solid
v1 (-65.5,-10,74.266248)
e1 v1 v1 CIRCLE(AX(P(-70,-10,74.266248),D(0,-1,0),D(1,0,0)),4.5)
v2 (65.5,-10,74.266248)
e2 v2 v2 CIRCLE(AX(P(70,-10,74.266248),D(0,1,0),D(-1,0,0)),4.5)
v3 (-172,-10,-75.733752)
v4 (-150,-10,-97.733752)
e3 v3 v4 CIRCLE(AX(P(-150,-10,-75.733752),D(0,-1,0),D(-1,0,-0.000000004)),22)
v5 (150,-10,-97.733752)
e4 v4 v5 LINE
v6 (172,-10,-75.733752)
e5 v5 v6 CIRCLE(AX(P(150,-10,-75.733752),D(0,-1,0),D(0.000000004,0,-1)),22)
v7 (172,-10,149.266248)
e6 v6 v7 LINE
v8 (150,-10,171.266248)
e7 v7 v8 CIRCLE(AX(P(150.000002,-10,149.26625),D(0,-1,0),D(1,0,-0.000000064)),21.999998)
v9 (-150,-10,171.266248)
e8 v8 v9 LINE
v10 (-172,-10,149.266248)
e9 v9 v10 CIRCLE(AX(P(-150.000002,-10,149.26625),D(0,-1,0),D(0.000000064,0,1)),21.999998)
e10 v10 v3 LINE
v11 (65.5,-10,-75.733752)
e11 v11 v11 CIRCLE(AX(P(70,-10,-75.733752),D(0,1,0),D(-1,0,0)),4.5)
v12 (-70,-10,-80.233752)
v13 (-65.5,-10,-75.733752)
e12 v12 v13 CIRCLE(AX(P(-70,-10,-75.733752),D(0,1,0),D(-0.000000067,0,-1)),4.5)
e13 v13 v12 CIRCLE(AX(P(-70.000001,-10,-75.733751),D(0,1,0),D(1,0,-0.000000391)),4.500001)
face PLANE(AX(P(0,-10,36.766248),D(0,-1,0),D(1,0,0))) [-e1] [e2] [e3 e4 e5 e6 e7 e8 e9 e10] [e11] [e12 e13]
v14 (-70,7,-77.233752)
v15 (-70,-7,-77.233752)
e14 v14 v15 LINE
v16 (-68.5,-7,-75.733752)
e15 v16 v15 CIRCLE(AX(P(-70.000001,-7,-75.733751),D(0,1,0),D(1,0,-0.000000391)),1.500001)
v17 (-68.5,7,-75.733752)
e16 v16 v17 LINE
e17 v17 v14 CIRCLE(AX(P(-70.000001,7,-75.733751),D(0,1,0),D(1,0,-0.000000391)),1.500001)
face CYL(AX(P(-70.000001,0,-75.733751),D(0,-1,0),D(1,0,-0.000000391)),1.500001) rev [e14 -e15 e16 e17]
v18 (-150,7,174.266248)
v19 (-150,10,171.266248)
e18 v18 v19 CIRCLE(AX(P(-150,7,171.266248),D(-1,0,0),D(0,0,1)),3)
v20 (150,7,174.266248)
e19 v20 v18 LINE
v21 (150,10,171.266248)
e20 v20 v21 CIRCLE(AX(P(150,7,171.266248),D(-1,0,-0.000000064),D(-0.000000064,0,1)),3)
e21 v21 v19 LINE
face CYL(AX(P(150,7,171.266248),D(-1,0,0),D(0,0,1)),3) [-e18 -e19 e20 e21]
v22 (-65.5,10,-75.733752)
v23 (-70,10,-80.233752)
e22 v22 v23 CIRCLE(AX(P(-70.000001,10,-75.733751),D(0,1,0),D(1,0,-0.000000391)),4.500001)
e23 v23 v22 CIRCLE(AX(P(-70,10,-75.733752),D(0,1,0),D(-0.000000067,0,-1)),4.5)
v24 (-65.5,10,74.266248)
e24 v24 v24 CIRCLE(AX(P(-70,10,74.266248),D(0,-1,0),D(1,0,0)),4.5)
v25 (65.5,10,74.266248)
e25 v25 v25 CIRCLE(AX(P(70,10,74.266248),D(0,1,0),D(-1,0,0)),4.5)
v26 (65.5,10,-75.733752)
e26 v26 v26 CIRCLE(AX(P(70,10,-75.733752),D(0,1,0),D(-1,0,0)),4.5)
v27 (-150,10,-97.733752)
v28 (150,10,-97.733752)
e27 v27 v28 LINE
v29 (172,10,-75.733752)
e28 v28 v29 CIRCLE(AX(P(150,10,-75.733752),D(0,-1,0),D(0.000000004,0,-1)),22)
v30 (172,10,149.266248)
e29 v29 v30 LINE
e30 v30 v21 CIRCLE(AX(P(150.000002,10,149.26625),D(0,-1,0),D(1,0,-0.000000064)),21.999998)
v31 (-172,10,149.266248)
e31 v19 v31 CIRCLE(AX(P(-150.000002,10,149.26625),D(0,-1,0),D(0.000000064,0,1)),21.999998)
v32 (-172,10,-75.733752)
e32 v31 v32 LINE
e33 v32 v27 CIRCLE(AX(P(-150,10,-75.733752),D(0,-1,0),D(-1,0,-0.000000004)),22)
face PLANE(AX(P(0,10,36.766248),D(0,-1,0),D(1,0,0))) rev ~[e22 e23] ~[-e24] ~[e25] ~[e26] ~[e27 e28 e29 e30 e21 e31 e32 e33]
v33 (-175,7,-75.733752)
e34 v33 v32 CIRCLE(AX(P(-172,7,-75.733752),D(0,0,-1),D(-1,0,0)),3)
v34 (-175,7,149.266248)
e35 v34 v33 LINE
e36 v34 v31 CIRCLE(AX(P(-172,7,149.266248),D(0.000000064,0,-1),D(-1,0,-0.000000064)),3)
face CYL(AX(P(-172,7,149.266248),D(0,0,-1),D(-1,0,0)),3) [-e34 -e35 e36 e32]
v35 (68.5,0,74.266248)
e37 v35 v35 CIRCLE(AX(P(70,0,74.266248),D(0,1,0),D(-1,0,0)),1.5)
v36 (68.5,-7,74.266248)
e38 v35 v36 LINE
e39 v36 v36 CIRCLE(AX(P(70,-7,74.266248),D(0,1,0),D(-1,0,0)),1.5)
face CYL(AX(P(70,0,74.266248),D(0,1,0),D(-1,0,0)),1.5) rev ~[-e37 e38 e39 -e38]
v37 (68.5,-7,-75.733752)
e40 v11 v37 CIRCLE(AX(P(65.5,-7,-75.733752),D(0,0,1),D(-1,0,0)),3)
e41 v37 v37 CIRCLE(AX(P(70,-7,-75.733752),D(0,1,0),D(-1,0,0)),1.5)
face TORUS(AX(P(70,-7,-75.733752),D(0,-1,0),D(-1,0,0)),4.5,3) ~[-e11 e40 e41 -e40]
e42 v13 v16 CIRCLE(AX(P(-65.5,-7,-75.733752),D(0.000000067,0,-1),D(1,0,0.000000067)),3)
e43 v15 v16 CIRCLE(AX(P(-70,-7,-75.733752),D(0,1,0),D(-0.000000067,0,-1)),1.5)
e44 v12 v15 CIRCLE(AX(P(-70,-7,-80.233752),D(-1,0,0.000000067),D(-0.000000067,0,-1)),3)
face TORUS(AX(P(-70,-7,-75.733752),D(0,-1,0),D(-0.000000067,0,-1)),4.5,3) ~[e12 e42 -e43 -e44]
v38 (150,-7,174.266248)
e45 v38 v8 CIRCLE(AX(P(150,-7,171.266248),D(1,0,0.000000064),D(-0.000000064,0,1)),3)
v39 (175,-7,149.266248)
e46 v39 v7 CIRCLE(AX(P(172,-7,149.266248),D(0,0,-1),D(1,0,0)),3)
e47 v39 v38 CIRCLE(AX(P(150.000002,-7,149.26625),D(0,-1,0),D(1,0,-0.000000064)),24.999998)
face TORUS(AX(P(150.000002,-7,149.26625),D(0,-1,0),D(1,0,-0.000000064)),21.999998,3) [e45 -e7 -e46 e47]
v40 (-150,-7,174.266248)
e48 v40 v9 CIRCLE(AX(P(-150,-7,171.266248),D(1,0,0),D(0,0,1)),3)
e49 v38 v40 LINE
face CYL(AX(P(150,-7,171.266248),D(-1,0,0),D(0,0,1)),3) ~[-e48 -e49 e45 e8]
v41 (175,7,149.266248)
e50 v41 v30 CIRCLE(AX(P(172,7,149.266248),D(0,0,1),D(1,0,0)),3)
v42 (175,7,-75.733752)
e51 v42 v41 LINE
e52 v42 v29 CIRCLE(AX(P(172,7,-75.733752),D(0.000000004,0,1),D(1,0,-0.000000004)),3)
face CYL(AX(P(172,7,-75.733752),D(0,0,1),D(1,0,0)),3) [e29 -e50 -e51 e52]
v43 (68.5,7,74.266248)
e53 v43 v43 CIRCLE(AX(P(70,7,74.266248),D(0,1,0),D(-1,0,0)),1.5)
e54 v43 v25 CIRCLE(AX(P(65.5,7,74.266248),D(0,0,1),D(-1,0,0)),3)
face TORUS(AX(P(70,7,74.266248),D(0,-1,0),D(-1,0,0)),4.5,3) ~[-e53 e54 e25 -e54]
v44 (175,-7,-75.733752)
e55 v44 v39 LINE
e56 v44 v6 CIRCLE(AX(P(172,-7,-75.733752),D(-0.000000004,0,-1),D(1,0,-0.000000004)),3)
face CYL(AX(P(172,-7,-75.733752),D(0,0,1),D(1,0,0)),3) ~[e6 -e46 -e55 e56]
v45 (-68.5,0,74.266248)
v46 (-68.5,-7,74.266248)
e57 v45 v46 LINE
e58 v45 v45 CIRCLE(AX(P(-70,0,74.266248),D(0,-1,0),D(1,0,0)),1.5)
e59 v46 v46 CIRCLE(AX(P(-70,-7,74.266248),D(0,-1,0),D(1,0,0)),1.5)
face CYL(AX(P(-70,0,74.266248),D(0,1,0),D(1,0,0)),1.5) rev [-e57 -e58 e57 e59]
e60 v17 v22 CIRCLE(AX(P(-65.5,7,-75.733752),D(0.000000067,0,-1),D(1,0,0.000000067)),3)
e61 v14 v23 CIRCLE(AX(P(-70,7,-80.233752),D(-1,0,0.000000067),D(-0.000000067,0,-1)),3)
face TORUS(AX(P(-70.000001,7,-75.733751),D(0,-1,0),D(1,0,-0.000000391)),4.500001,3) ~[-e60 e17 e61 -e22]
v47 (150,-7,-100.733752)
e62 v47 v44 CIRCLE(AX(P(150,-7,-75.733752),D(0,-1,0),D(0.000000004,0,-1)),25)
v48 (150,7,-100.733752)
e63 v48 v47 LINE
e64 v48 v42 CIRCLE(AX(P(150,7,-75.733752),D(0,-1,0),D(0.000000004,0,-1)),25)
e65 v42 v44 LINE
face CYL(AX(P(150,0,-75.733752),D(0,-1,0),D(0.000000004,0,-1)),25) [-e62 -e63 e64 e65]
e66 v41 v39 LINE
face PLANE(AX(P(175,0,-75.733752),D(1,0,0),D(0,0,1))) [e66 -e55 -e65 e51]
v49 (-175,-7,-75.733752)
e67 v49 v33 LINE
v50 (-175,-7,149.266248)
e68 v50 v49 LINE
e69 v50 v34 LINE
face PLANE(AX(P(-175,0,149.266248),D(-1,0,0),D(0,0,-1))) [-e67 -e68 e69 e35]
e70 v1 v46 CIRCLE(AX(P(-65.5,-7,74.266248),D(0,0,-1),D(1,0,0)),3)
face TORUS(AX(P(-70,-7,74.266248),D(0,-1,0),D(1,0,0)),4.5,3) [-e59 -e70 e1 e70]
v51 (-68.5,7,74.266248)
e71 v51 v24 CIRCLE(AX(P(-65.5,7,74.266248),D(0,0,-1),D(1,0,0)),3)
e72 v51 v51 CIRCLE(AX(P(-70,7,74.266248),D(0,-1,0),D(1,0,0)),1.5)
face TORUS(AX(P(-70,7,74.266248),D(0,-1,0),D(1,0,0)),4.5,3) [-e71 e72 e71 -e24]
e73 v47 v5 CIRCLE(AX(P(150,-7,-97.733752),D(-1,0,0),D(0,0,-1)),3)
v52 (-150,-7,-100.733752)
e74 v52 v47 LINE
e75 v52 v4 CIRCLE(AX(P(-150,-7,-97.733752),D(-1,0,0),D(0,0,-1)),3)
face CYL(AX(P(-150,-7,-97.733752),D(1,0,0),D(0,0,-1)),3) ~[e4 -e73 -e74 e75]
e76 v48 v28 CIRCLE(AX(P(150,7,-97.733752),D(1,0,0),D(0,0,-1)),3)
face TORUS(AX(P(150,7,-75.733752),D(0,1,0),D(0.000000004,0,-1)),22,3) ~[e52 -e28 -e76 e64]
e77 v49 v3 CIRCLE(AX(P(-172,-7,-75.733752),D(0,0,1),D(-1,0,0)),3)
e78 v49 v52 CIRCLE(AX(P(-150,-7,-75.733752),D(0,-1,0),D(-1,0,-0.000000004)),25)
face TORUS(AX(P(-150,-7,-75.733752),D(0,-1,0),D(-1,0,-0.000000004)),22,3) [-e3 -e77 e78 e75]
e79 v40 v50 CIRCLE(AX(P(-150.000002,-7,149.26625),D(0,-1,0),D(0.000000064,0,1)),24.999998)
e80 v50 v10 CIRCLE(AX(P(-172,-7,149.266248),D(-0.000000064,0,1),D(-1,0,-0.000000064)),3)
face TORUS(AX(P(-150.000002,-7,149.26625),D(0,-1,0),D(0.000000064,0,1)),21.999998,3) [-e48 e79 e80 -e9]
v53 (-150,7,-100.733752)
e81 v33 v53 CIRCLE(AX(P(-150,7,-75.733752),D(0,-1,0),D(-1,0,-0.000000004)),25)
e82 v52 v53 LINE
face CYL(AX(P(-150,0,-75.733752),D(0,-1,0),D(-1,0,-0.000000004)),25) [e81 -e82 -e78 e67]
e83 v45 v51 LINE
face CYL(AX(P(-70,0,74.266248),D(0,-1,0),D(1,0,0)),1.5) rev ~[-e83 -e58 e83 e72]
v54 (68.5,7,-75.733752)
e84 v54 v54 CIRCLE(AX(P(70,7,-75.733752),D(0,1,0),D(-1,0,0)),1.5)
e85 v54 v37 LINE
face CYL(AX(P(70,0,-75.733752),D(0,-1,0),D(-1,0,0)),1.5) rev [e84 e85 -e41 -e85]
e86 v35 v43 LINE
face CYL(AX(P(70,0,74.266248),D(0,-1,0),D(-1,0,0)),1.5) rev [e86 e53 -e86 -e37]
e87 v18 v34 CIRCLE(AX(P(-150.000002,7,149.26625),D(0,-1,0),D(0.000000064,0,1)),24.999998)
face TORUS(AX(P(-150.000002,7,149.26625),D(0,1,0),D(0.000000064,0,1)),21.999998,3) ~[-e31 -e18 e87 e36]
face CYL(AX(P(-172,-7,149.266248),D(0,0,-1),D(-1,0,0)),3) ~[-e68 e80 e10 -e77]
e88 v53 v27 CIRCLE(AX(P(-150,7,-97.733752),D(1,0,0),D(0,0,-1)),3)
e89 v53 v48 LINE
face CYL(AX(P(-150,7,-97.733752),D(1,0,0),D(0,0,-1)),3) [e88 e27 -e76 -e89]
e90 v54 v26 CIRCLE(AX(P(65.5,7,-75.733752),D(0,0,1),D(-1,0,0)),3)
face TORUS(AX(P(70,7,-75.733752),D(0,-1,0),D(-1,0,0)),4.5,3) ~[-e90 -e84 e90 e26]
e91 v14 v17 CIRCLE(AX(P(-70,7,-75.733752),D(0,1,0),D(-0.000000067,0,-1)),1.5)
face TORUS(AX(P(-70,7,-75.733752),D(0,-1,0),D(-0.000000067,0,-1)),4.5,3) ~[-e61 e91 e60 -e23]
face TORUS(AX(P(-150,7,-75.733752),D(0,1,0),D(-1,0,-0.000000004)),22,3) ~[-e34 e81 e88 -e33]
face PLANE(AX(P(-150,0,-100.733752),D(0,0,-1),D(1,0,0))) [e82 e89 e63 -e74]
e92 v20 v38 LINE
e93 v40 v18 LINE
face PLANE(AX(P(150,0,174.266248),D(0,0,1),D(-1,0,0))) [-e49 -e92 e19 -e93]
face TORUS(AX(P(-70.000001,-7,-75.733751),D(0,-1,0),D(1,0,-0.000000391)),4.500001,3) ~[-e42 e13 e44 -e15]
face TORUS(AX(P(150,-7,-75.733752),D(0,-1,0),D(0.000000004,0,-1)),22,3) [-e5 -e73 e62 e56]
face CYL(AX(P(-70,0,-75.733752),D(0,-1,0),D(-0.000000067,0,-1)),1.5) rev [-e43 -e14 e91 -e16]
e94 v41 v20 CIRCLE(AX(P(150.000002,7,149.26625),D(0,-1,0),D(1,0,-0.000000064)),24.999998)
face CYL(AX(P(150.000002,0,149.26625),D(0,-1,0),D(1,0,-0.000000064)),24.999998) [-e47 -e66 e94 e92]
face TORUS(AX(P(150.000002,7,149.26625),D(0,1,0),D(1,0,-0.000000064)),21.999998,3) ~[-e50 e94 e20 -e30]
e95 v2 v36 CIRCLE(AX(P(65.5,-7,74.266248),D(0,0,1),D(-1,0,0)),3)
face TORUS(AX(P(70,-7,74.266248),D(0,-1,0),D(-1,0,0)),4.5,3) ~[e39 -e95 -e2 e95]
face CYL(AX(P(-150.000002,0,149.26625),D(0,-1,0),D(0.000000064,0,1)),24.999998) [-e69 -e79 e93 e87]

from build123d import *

# Parameters (mm, degrees)
F0_R     = 1.5
F1_DEPTH = 10
F2_R     = 3


with BuildPart() as f1:
    # F0 (on Front) → F1 (new body, symmetric)
    with BuildSketch(Plane.XZ):
        with BuildLine():
            Line((-150, -100.733752), (-70, -100.733752))
            Line((-70, -100.733752), (0, -100.733752))
            Line((0, -100.733752), (150, -100.733752))
            ThreePointArc((150, -100.733752), (167.67767, -93.411421), (175, -75.733752))
            Line((175, -75.733752), (175, 24.266248))
            Line((175, 24.266248), (175, 149.266248))
            ThreePointArc((175, 149.266248), (167.67767, 166.943918), (150, 174.266248))
            Line((150, 174.266248), (0, 174.266248))
            Line((0, 174.266248), (-150, 174.266248))
            ThreePointArc((-150, 174.266248), (-167.67767, 166.943918), (-175, 149.266248))
            Line((-175, 149.266248), (-175, 24.266248))
            Line((-175, 24.266248), (-175, -75.733752))
            ThreePointArc((-175, -75.733752), (-167.67767, -93.411421), (-150, -100.733752))
        make_face()
        with BuildLine():
            ThreePointArc((-70, -77.233752), (-71.06066, -74.673092), (-68.5, -75.733752))
            ThreePointArc((-68.5, -75.733752), (-68.93934, -76.794412), (-70, -77.233752))
        make_face(mode=Mode.SUBTRACT)
        with BuildLine():
            ThreePointArc((71.5, -75.733752), (70, -77.233752), (68.5, -75.733752))
            ThreePointArc((68.5, -75.733752), (70, -74.233752), (71.5, -75.733752))
        make_face(mode=Mode.SUBTRACT)
        with Locations((-70, 74.266248)):
            Circle(F0_R, mode=Mode.SUBTRACT)
        with BuildLine():
            ThreePointArc((71.5, 74.266248), (70, 72.766248), (68.5, 74.266248))
            ThreePointArc((68.5, 74.266248), (70, 75.766248), (71.5, 74.266248))
        make_face(mode=Mode.SUBTRACT)
    extrude(amount=F1_DEPTH, both=True)

    # F2
    f2_edges = [f1.edges().sort_by_distance(p)[0] for p in [
        (0, 10, -100.733752),
        (167.67767, 10, -93.411421),
        (175, 10, 36.766248),
        (167.67767, 10, 166.943918),
        (0, 10, 174.266248),
        (-167.67767, 10, 166.943918),
        (-175, 10, 36.766248),
        (-167.67767, 10, -93.411421),
        (-71.5, 10, -75.733752),
        (71.5, 10, -75.733752),
        (-71.5, 10, 74.266248),
        (71.5, 10, 74.266248),
        (0, -10, -100.733752),
        (167.67767, -10, -93.411421),
        (175, -10, 36.766248),
        (167.67767, -10, 166.943918),
        (0, -10, 174.266248),
        (-167.67767, -10, 166.943918),
        (-175, -10, 36.766248),
        (-167.67767, -10, -93.411421),
        (-71.5, -10, -75.733752),
        (71.5, -10, -75.733752),
        (-71.5, -10, 74.266248),
        (71.5, -10, 74.266248),
    ]]
    fillet(f2_edges, radius=F2_R)


solid = f1.part
